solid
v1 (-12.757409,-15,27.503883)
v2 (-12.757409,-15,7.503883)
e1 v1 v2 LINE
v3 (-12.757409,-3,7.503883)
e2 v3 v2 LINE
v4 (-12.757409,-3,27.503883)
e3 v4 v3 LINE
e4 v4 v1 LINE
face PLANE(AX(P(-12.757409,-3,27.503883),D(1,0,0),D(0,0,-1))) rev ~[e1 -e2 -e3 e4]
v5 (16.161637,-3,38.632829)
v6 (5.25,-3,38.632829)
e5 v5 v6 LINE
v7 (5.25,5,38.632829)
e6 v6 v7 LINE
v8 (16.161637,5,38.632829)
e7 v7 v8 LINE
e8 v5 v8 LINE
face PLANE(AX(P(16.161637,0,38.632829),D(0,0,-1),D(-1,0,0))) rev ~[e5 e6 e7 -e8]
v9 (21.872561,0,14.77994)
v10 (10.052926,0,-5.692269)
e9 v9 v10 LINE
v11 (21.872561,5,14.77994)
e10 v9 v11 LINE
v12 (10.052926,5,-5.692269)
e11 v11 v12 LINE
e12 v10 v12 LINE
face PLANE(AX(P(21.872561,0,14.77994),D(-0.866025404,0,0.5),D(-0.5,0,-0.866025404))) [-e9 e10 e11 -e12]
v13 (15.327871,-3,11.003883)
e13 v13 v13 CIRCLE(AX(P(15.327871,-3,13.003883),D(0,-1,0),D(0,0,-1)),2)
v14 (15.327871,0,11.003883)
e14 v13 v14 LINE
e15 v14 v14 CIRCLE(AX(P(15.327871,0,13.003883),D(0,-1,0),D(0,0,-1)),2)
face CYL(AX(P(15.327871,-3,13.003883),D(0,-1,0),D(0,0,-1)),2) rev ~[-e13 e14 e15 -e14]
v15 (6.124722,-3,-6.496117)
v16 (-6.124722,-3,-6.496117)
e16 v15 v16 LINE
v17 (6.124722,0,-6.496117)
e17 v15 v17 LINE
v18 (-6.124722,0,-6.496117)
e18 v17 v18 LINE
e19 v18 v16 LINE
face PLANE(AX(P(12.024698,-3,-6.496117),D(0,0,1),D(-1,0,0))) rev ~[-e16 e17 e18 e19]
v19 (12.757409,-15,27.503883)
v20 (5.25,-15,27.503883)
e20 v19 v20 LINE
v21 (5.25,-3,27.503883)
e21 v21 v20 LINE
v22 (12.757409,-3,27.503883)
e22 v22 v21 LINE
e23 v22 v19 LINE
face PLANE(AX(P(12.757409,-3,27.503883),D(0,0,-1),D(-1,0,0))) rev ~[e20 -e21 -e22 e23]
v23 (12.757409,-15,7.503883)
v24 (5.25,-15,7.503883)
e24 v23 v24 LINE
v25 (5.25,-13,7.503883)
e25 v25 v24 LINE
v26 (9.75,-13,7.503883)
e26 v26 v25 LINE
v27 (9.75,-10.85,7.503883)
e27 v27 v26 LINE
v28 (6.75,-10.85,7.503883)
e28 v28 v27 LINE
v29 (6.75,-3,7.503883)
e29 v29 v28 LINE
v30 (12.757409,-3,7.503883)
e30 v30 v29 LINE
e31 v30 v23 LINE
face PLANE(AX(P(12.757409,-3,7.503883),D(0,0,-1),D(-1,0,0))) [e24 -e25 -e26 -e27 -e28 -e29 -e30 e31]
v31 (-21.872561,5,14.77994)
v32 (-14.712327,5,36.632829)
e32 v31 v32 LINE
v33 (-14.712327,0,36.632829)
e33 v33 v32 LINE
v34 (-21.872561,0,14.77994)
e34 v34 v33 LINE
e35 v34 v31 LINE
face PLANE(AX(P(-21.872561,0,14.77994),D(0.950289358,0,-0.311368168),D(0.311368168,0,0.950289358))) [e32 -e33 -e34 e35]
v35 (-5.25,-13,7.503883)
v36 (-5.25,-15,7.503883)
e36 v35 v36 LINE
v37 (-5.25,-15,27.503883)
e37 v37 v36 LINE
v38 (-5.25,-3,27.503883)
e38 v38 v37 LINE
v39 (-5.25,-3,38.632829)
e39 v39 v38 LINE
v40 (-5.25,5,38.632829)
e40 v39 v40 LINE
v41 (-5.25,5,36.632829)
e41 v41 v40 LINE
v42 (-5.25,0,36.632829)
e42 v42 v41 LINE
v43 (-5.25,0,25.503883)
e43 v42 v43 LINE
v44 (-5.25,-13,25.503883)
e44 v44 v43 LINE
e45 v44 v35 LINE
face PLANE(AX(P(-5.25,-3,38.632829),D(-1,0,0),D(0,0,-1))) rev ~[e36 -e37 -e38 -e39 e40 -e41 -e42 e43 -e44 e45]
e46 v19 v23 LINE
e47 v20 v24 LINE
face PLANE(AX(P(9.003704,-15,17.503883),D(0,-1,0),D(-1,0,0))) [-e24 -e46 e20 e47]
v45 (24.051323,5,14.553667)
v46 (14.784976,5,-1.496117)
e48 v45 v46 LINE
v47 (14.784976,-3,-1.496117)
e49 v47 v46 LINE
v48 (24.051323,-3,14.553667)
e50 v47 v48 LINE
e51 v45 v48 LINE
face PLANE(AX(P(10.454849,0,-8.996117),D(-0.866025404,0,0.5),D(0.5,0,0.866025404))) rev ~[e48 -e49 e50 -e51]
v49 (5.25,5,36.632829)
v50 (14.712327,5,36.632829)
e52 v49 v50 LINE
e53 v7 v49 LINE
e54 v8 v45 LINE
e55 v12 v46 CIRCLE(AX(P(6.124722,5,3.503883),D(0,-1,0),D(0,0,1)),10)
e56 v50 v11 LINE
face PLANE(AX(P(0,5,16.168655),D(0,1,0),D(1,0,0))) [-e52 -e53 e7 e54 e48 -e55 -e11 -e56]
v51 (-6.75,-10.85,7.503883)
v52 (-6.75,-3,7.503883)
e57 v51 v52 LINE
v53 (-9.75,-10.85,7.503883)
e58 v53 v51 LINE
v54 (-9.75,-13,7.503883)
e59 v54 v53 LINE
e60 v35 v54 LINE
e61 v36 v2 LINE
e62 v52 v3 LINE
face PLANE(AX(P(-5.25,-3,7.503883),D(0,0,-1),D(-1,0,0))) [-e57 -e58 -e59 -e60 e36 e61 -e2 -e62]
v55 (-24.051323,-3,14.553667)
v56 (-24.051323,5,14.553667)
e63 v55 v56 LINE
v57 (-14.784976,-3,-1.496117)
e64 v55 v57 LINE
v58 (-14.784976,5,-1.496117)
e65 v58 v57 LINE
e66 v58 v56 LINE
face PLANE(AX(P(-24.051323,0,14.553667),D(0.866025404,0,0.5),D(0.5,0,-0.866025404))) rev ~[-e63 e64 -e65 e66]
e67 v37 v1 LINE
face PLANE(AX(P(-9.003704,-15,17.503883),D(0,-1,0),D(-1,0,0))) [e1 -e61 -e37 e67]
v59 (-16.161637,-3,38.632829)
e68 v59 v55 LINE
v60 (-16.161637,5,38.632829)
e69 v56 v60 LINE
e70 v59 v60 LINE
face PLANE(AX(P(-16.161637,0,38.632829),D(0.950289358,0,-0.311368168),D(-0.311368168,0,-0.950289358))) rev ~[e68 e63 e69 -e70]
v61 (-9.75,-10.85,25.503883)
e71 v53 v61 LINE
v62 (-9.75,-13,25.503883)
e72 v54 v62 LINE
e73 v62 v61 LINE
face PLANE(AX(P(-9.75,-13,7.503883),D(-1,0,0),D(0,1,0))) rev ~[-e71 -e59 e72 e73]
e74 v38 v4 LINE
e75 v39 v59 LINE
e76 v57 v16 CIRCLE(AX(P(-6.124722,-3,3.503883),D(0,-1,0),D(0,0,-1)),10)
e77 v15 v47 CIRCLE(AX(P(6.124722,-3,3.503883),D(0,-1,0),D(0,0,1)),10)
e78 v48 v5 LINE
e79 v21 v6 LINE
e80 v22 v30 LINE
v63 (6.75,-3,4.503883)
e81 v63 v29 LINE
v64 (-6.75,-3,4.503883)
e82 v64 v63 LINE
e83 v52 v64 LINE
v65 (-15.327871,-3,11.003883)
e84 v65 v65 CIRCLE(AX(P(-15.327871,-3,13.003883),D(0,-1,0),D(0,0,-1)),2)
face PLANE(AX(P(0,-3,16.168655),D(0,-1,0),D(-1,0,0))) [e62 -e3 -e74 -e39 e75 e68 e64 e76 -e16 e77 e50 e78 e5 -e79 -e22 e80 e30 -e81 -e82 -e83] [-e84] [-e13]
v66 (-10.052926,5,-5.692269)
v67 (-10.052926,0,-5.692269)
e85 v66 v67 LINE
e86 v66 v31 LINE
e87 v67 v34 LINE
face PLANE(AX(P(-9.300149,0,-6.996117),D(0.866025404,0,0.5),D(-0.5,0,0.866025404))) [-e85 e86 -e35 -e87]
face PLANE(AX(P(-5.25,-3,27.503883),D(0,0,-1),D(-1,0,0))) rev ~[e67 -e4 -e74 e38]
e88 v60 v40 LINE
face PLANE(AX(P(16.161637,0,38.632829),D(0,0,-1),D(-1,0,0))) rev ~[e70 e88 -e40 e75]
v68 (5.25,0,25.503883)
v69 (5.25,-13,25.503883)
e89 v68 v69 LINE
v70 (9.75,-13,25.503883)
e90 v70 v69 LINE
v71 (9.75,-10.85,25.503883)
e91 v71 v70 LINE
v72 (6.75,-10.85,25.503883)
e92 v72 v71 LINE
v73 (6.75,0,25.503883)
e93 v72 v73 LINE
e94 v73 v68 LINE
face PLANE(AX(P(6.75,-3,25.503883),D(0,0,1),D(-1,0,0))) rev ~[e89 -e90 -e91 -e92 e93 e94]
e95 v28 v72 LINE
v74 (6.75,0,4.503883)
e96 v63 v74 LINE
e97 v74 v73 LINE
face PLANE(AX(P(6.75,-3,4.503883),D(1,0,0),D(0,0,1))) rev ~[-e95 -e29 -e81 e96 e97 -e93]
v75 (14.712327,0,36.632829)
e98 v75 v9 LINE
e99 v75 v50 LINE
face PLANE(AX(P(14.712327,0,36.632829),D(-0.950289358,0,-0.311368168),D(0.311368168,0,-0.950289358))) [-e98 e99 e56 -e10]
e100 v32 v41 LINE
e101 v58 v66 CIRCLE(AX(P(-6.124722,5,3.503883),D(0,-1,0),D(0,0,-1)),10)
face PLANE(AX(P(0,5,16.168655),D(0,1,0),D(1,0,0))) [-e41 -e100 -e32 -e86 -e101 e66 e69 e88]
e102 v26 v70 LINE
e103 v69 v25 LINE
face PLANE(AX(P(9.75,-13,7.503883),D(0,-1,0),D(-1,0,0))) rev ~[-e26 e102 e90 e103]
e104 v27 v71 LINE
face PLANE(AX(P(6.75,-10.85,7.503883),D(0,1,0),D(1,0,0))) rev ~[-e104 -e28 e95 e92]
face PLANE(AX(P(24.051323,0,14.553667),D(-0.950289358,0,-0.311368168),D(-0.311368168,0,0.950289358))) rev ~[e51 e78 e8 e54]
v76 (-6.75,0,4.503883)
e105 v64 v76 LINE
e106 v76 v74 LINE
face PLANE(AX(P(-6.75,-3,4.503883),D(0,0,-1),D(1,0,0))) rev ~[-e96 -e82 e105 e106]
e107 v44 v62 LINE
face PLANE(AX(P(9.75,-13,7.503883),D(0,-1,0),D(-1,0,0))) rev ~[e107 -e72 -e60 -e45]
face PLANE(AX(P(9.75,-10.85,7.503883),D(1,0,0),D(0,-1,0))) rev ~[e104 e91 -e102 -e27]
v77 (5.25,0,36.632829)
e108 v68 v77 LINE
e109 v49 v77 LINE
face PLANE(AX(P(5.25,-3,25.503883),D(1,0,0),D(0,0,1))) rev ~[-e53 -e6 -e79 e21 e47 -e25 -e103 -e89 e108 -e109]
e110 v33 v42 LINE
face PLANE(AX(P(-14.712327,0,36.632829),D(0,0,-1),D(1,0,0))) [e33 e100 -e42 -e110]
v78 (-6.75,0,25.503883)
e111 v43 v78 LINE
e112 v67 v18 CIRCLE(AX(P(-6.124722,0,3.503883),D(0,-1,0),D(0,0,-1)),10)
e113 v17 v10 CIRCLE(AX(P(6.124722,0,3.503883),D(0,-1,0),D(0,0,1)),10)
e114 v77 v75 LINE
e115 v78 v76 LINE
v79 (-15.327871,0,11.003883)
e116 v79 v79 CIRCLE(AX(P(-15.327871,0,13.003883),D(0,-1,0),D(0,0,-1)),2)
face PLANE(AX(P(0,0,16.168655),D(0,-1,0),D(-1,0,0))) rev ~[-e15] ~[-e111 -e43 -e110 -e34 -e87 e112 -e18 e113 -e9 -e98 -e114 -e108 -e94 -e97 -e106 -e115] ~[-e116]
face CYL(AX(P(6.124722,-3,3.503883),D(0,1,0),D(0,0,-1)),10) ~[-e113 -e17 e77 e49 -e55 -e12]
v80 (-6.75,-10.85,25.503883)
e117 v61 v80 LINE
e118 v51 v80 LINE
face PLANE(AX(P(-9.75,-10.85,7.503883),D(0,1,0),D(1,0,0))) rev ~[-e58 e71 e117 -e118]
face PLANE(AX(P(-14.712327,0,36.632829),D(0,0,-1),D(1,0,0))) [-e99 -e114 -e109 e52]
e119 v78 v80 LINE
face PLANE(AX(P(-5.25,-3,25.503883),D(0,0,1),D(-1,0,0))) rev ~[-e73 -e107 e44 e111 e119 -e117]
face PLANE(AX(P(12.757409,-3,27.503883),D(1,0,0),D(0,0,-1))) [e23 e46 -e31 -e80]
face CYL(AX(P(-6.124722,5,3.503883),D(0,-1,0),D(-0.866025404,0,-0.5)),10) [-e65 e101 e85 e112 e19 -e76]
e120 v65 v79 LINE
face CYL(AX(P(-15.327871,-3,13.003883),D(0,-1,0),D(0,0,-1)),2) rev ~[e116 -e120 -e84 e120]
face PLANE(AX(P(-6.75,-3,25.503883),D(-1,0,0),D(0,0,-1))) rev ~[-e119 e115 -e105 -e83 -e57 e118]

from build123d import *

# Parameters (mm, degrees)
BOSS_EXTRUDE1_DEPTH = 5
BOSS_EXTRUDE2_DEPTH = 3
SKETCH3_W           = 7.507408842
SKETCH3_H           = 20
BOSS_EXTRUDE3_DEPTH = 12
CUT_EXTRUDE2_DEPTH  = 18
SKETCH6_R           = 2
CUT_EXTRUDE3_DEPTH  = 48.063378728
SKETCH7_W           = 24.049396926
SKETCH7_H           = 4
CUT_EXTRUDE4_DEPTH  = 10
FILLET1_R           = 10


with BuildPart() as part:
    # Sketch1 → Boss-Extrude1 (new body)
    with BuildSketch(Plane(origin=(0, 0, 0), x_dir=(1, 0, 0), z_dir=(0, 1, 0))):
        Polygon((-10.454849344, 8.996116817), (-24.051323202, -14.553666709), (-16.16163723, -38.632828909), (16.16163723, -38.632828909), (24.051323202, -14.553666709), (10.454849344, 8.996116817), align=None)
        Polygon((9.300148806, 6.996116817), (-9.300148806, 6.996116817), (-21.872561183, -14.779940194), (-14.712327446, -36.632828909), (14.712327446, -36.632828909), (21.872561183, -14.779940194), align=None, mode=Mode.SUBTRACT)
    extrude(amount=BOSS_EXTRUDE1_DEPTH)

    # Sketch2 → Boss-Extrude2 (add)
    with BuildSketch(Plane(origin=(0, 0, 0), x_dir=(-1, 0, 0), z_dir=(0, -1, 0))):
        Polygon((24.051323202, -14.553666709), (10.454849344, 8.996116817), (-10.454849344, 8.996116817), (-24.051323202, -14.553666709), (-16.16163723, -38.632828909), (16.16163723, -38.632828909), align=None)
    extrude(amount=BOSS_EXTRUDE2_DEPTH)

    # Sketch3 → Boss-Extrude3 (add)
    with BuildSketch(Plane(origin=(0, -3, 0), x_dir=(-1, 0, 0), z_dir=(0, -1, 0))):
        with Locations((9.003704421, -17.503883183)):
            Rectangle(SKETCH3_W, SKETCH3_H)
        with Locations((-9.003704421, -17.503883183)):
            Rectangle(SKETCH3_W, SKETCH3_H)
    extrude(amount=BOSS_EXTRUDE3_DEPTH)

    # Sketch5 → Cut-Extrude2 (cut)
    with BuildSketch(Plane(origin=(0, 0, 7.503883183), x_dir=(-1, 0, 0), z_dir=(0, 0, -1))):
        Polygon((-9.75, -13), (9.75, -13), (9.75, -10.85), (6.75, -10.85), (6.75, -3), (5.25, -3), (5.25, -10.85), (-5.25, -10.85), (-5.25, -3), (-6.75, -3), (-6.75, -10.85), (-9.75, -10.85), align=None)
    extrude(amount=-CUT_EXTRUDE2_DEPTH, mode=Mode.SUBTRACT)

    # Sketch6 → Cut-Extrude3 (cut, through all)
    with BuildSketch(Plane(origin=(0, -3, 0), x_dir=(-1, 0, 0), z_dir=(0, -1, 0))):
        with Locations(Location((-15.327870678, -13.003883183, 0), (0, 0, 90))):
            Circle(SKETCH6_R)
        with Locations(Location((15.327870678, -13.003883183, 0), (0, 0, 90))):
            Circle(SKETCH6_R)
        Polygon((-5.25, -38.632828909), (5.25, -38.632828909), (5.25, -25.503883183), (6.75, -25.503883183), (6.75, -4.503883183), (-6.75, -4.503883183), (-6.75, -25.503883183), (-5.25, -25.503883183), align=None)
    extrude(amount=-CUT_EXTRUDE3_DEPTH, mode=Mode.SUBTRACT)

    # Sketch7 → Cut-Extrude4 (cut)
    with BuildSketch(Plane(origin=(0, -3, 0), x_dir=(-1, 0, 0), z_dir=(0, -1, 0))):
        with Locations((0, 8.496116817)):
            Rectangle(SKETCH7_W, SKETCH7_H)
    extrude(amount=-CUT_EXTRUDE4_DEPTH, mode=Mode.SUBTRACT)

    # Fillet1
    fillet1_edges = [part.edges().sort_by_distance(p)[0] for p in [
        (-11.898225017, 1, -6.496116817),
        (11.898225017, 1, -6.496116817),
    ]]
    fillet(fillet1_edges, radius=FILLET1_R)


solid = part.part
